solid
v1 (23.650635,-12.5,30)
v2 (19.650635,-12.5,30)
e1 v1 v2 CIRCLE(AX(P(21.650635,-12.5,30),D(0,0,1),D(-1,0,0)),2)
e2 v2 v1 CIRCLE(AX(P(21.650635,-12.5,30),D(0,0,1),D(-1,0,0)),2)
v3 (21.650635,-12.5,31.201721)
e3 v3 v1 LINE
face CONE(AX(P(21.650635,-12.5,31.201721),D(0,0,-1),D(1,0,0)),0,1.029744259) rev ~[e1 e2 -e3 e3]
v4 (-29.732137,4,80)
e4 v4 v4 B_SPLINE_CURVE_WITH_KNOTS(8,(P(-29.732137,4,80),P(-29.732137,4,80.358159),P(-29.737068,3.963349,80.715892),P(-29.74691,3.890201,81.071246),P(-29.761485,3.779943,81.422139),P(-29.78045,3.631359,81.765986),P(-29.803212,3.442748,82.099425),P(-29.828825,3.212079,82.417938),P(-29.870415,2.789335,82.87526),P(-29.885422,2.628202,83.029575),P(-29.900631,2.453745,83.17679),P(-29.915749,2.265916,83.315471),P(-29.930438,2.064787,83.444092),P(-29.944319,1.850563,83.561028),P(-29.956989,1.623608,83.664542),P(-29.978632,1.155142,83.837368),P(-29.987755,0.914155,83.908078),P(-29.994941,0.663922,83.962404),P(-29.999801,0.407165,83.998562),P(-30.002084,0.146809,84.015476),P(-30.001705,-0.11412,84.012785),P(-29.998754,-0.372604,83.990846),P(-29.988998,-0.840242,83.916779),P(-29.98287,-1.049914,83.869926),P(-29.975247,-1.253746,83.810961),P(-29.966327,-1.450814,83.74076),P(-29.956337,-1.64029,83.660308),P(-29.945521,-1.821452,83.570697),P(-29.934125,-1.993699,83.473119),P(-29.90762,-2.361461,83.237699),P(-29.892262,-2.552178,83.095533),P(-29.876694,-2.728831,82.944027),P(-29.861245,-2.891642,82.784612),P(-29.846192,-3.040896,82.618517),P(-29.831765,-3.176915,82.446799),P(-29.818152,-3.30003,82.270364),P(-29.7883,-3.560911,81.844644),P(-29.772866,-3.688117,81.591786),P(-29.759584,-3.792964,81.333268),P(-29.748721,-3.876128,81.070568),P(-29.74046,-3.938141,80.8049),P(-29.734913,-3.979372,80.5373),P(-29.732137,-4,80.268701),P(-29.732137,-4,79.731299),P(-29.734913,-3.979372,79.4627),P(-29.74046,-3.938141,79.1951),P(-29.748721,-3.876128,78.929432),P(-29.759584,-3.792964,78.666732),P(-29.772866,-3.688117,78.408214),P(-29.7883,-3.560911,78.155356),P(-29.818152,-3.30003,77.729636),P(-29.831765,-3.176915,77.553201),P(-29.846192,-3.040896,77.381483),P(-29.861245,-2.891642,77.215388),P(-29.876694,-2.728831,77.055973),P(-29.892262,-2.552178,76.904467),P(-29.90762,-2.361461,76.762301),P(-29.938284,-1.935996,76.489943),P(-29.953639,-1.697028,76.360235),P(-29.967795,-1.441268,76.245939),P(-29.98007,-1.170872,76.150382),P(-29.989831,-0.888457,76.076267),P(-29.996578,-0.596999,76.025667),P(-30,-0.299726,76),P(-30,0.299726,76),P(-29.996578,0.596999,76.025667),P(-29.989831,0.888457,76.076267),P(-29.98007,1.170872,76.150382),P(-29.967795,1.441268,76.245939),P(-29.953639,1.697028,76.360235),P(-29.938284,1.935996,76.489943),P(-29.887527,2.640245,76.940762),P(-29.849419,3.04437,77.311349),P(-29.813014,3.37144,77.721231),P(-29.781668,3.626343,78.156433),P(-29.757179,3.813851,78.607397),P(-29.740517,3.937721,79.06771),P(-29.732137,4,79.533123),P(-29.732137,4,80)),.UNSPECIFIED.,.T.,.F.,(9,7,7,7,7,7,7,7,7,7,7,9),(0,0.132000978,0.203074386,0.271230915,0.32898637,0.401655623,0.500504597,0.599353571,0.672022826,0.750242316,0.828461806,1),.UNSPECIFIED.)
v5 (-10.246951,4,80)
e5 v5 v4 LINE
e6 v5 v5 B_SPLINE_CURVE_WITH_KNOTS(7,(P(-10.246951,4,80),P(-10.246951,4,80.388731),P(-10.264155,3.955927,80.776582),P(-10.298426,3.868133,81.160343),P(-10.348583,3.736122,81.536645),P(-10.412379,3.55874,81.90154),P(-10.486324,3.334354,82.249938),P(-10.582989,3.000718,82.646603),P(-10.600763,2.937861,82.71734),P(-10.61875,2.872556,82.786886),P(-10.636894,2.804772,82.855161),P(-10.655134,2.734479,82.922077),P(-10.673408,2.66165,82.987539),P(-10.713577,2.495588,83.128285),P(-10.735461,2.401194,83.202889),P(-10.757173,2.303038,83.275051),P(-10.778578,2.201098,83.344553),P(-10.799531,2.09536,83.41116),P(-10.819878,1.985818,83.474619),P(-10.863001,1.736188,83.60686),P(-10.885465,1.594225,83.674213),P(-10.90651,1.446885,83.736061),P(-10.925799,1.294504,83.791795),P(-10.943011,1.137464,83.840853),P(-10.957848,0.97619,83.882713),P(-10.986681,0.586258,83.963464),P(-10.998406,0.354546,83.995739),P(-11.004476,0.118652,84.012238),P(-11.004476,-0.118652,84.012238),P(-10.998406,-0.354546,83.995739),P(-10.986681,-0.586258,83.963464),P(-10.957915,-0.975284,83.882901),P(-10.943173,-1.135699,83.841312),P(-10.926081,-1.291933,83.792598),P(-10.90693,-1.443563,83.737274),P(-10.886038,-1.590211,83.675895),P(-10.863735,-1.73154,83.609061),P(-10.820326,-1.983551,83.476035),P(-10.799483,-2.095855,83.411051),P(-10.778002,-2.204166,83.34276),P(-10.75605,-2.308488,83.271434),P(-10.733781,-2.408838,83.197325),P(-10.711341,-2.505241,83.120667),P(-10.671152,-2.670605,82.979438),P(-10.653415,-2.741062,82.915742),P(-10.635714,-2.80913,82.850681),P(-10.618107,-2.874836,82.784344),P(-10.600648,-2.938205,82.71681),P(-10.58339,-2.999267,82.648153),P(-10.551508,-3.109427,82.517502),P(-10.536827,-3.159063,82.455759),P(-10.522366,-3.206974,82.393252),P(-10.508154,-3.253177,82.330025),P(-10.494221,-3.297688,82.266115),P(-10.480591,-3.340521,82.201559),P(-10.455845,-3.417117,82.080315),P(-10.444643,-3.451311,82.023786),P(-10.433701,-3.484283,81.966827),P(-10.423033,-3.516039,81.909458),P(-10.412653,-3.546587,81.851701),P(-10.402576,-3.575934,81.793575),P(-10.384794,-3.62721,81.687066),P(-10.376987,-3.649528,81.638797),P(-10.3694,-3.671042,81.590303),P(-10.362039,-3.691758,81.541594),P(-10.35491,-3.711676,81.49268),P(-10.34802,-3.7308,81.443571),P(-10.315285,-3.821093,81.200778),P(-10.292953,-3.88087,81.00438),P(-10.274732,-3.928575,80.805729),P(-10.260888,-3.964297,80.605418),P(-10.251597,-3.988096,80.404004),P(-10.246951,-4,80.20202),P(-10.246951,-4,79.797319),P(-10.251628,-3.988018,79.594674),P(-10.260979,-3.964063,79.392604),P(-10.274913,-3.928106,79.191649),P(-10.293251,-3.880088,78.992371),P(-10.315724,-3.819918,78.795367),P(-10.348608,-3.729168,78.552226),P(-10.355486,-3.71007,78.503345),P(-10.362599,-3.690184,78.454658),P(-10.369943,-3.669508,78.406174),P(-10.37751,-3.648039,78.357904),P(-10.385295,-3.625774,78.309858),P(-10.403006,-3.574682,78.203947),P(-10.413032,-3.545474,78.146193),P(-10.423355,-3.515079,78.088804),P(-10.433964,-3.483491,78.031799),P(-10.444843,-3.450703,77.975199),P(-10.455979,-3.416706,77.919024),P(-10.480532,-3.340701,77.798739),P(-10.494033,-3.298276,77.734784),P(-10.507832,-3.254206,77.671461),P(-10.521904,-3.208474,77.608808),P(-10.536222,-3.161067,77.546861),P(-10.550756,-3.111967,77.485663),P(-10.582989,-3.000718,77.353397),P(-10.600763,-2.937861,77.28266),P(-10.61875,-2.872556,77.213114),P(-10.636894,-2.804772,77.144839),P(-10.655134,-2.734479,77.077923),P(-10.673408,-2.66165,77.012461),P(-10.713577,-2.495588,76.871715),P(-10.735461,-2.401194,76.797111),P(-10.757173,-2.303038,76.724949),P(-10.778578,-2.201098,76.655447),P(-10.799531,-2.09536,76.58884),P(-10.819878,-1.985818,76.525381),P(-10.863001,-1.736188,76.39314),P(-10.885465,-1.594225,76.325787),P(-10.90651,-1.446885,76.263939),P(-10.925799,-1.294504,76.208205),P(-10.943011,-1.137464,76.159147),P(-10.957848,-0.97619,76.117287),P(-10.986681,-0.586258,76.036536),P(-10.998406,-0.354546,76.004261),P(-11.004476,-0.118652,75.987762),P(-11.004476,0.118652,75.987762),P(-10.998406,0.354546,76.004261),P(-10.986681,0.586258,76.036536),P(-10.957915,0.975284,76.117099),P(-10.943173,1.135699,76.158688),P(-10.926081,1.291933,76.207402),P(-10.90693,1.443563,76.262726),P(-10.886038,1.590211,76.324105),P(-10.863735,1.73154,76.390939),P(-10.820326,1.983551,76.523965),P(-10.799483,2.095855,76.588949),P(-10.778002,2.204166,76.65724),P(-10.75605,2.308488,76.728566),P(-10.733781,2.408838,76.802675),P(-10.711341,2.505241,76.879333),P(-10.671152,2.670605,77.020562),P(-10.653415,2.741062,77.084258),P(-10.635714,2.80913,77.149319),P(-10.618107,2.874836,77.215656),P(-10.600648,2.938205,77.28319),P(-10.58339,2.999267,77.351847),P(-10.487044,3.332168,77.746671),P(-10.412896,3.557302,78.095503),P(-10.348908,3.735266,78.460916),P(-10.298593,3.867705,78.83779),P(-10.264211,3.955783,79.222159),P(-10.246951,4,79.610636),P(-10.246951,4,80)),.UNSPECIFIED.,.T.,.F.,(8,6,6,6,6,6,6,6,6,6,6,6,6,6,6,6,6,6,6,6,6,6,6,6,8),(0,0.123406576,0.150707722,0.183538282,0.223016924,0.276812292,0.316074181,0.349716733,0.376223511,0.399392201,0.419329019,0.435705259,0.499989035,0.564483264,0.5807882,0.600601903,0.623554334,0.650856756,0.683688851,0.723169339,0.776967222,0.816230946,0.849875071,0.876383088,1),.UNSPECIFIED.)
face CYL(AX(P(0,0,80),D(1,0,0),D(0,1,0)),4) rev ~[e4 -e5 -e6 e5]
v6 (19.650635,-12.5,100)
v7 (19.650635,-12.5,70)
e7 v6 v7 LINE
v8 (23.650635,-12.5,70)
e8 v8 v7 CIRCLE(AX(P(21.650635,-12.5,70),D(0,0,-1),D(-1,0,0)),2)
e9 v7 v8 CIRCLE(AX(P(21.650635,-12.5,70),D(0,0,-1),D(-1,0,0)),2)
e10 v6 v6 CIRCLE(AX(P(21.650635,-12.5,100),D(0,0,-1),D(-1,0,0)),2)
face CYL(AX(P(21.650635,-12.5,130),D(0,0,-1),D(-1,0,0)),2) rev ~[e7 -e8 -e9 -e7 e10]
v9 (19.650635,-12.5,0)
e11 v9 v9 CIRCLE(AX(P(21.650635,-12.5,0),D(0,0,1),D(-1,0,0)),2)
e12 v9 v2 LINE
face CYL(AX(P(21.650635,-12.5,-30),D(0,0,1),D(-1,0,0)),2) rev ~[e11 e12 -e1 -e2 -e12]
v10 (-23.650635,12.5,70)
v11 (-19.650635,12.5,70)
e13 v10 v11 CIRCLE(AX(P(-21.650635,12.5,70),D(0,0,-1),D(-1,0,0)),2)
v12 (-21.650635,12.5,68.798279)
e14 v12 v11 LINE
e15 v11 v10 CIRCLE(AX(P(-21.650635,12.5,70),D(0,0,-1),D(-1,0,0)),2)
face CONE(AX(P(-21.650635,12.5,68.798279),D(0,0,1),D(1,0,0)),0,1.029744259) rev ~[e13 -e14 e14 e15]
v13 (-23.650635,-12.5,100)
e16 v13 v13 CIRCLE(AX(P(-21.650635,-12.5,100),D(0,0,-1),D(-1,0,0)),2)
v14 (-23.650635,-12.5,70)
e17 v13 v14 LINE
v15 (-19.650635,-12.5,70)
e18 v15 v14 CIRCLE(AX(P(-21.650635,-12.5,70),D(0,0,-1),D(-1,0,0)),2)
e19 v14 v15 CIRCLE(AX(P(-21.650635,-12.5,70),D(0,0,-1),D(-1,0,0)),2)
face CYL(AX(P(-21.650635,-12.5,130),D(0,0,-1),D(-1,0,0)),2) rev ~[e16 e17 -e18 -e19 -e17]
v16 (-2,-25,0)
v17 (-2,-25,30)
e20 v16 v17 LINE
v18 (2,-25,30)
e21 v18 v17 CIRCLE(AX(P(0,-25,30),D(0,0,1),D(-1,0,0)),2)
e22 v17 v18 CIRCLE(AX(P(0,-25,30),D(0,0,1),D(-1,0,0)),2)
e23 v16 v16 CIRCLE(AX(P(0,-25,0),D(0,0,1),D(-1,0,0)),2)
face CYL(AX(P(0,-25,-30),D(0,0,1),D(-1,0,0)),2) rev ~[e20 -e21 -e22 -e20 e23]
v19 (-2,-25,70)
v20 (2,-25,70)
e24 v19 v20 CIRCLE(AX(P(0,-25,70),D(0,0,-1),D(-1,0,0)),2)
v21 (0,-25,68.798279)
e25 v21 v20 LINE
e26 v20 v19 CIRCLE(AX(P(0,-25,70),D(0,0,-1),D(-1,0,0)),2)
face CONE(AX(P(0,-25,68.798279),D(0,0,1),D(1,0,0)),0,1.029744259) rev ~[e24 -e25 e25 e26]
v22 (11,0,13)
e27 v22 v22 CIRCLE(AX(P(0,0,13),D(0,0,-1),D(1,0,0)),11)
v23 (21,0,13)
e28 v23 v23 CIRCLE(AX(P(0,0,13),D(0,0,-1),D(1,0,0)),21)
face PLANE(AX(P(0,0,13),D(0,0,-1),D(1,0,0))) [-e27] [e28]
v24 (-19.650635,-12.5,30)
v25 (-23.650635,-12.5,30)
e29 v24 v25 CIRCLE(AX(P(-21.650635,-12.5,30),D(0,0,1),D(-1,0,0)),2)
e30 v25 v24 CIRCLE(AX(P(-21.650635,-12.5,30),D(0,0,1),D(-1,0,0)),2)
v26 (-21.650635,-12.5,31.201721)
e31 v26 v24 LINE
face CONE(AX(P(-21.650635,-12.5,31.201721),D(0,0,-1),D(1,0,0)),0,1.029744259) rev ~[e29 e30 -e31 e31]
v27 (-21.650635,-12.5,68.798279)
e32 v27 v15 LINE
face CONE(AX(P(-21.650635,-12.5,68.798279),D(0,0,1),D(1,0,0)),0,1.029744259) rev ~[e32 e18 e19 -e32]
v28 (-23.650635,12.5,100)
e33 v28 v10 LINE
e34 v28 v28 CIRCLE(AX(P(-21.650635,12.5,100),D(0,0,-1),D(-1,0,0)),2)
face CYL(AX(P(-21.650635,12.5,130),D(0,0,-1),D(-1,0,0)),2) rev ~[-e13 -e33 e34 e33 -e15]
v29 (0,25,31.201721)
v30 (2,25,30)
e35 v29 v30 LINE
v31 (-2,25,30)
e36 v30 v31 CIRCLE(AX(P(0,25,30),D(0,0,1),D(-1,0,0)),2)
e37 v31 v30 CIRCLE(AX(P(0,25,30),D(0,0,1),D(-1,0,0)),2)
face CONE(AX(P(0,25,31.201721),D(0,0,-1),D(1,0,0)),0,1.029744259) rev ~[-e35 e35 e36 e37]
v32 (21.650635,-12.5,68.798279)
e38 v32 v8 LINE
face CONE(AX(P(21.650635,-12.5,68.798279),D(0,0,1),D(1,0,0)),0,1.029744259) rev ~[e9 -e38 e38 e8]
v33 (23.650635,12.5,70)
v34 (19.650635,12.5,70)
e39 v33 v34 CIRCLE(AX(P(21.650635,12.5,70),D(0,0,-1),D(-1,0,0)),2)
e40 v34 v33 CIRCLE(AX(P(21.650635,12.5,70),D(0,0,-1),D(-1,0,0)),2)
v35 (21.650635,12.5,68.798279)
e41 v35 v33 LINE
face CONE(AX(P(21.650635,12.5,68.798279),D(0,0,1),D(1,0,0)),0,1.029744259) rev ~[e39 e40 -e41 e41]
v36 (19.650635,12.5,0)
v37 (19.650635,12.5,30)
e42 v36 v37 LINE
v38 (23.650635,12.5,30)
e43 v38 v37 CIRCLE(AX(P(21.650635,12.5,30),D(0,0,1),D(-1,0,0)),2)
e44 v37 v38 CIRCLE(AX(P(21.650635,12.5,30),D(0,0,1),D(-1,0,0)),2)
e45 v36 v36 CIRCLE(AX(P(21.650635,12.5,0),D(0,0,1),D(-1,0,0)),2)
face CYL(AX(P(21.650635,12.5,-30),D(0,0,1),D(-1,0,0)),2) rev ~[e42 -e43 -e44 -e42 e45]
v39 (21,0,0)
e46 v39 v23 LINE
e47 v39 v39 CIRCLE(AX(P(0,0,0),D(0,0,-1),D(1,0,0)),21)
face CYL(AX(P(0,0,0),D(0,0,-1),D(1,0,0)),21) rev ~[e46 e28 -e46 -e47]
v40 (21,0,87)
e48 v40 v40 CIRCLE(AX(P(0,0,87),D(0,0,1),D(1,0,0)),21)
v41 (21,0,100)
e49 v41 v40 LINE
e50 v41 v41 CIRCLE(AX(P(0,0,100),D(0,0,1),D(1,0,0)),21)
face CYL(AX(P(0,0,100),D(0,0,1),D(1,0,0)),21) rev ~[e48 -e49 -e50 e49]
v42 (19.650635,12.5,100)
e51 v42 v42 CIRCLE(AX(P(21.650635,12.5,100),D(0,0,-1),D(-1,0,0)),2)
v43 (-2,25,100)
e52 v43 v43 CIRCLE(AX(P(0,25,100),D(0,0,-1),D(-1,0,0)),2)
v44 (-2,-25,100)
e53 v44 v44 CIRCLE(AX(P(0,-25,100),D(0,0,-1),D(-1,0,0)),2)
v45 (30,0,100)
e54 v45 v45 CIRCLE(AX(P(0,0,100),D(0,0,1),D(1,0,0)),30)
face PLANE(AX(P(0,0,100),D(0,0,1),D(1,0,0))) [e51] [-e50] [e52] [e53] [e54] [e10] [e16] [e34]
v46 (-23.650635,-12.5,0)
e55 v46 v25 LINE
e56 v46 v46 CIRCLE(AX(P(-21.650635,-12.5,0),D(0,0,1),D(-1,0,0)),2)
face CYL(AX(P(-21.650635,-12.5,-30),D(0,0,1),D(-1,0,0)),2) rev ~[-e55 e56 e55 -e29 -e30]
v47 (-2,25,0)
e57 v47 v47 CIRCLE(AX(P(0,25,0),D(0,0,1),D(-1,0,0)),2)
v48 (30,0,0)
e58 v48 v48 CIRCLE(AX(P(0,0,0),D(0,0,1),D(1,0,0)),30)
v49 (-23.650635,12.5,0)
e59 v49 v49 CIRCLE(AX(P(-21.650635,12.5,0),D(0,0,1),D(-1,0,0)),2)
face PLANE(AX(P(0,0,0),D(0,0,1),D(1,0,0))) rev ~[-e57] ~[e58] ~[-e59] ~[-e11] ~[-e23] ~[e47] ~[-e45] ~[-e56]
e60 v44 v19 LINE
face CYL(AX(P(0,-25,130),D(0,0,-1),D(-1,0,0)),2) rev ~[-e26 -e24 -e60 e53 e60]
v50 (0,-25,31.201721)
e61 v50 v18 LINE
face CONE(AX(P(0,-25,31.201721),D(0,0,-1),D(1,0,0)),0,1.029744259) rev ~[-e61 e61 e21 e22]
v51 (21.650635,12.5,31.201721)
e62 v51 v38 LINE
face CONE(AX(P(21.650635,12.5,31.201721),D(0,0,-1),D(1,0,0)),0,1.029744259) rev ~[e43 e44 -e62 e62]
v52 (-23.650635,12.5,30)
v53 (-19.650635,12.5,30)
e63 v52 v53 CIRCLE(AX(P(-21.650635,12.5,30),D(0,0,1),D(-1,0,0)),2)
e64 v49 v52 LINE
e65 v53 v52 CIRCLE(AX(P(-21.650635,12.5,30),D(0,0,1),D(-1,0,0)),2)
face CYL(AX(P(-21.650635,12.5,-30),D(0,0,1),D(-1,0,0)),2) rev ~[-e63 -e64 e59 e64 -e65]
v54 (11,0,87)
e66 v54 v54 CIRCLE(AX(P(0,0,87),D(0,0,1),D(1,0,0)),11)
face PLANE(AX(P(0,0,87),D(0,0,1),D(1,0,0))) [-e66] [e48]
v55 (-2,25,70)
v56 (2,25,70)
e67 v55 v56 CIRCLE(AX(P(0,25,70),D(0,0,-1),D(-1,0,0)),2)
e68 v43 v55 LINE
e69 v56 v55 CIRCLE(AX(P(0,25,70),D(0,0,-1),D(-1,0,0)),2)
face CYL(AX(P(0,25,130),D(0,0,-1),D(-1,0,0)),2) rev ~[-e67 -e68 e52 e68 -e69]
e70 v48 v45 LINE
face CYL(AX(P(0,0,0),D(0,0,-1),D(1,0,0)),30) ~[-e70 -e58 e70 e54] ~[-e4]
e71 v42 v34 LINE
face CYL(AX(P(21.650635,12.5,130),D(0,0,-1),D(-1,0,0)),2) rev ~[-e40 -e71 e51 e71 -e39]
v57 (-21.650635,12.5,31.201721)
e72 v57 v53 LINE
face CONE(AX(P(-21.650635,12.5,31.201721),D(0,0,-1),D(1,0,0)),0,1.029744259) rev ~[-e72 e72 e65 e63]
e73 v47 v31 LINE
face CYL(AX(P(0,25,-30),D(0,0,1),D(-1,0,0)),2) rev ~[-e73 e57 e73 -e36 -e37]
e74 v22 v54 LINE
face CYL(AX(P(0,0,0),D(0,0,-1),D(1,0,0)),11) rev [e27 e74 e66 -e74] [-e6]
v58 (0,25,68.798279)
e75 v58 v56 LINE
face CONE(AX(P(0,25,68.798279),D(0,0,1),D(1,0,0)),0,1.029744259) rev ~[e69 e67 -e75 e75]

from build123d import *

# Parameters (mm, degrees)
F0_R      = 30
F0_R_2    = 11
F1_DEPTH  = 100
F2_R      = 21
F2_R_2    = 11
F3_DEPTH  = 13
F4_R      = 21
F4_R_2    = 11
F5_DEPTH  = 13
F7_D      = 8
F7_DEPTH  = 30.001
F9_D      = 4
F9_DEPTH  = 30
F9_TIP    = 1.2017212381
F11_D     = 4
F11_DEPTH = 30
F11_TIP   = 1.2017212381


with BuildPart() as f1:
    # F0 (on Top) → F1 (new body)
    with BuildSketch(Plane.XY):
        Circle(F0_R)
        Circle(F0_R_2, mode=Mode.SUBTRACT)
    extrude(amount=F1_DEPTH)

    # F2 (on face) → F3 (cut)
    with BuildSketch(Plane.XY.offset(100)):
        Circle(F2_R)
        Circle(F2_R_2, mode=Mode.SUBTRACT)
    extrude(amount=-F3_DEPTH, mode=Mode.SUBTRACT)

    # F4 (on face) → F5 (cut)
    with BuildSketch(Plane(origin=(0, 0, 0), x_dir=(1, 0, 0), z_dir=(0, 0, -1))):
        Circle(F4_R)
        Circle(F4_R_2, mode=Mode.SUBTRACT)
    extrude(amount=-F5_DEPTH, mode=Mode.SUBTRACT)

    # F7 (through all, one way)
    with BuildSketch(Plane.YZ):
        with Locations((0, 80)):
            Circle(F7_D / 2)
    extrude(amount=-F7_DEPTH, mode=Mode.SUBTRACT)

    # F9
    with Locations(Plane.XY.offset(100)):
        with Locations((0, 25), (21.6506350946, 12.5), (21.6506350946, -12.5), (0, -25), (-21.6506350946, -12.5), (-21.6506350946, 12.5)):
            Hole(F9_D / 2, depth=F9_DEPTH)
            with Locations((0, 0, -(F9_DEPTH + F9_TIP / 2))):  # 118° drill point
                Cone(0, F9_D / 2, F9_TIP, mode=Mode.SUBTRACT)

    # F11
    with Locations(Plane(origin=(0, 0, 0), x_dir=(1, 0, 0), z_dir=(0, 0, -1))):
        with Locations((0, 25), (21.6506350946, 12.5), (21.6506350946, -12.5), (0, -25), (-21.6506350946, -12.5), (-21.6506350946, 12.5)):
            Hole(F11_D / 2, depth=F11_DEPTH)
            with Locations((0, 0, -(F11_DEPTH + F11_TIP / 2))):  # 118° drill point
                Cone(0, F11_D / 2, F11_TIP, mode=Mode.SUBTRACT)


solid = f1.part
